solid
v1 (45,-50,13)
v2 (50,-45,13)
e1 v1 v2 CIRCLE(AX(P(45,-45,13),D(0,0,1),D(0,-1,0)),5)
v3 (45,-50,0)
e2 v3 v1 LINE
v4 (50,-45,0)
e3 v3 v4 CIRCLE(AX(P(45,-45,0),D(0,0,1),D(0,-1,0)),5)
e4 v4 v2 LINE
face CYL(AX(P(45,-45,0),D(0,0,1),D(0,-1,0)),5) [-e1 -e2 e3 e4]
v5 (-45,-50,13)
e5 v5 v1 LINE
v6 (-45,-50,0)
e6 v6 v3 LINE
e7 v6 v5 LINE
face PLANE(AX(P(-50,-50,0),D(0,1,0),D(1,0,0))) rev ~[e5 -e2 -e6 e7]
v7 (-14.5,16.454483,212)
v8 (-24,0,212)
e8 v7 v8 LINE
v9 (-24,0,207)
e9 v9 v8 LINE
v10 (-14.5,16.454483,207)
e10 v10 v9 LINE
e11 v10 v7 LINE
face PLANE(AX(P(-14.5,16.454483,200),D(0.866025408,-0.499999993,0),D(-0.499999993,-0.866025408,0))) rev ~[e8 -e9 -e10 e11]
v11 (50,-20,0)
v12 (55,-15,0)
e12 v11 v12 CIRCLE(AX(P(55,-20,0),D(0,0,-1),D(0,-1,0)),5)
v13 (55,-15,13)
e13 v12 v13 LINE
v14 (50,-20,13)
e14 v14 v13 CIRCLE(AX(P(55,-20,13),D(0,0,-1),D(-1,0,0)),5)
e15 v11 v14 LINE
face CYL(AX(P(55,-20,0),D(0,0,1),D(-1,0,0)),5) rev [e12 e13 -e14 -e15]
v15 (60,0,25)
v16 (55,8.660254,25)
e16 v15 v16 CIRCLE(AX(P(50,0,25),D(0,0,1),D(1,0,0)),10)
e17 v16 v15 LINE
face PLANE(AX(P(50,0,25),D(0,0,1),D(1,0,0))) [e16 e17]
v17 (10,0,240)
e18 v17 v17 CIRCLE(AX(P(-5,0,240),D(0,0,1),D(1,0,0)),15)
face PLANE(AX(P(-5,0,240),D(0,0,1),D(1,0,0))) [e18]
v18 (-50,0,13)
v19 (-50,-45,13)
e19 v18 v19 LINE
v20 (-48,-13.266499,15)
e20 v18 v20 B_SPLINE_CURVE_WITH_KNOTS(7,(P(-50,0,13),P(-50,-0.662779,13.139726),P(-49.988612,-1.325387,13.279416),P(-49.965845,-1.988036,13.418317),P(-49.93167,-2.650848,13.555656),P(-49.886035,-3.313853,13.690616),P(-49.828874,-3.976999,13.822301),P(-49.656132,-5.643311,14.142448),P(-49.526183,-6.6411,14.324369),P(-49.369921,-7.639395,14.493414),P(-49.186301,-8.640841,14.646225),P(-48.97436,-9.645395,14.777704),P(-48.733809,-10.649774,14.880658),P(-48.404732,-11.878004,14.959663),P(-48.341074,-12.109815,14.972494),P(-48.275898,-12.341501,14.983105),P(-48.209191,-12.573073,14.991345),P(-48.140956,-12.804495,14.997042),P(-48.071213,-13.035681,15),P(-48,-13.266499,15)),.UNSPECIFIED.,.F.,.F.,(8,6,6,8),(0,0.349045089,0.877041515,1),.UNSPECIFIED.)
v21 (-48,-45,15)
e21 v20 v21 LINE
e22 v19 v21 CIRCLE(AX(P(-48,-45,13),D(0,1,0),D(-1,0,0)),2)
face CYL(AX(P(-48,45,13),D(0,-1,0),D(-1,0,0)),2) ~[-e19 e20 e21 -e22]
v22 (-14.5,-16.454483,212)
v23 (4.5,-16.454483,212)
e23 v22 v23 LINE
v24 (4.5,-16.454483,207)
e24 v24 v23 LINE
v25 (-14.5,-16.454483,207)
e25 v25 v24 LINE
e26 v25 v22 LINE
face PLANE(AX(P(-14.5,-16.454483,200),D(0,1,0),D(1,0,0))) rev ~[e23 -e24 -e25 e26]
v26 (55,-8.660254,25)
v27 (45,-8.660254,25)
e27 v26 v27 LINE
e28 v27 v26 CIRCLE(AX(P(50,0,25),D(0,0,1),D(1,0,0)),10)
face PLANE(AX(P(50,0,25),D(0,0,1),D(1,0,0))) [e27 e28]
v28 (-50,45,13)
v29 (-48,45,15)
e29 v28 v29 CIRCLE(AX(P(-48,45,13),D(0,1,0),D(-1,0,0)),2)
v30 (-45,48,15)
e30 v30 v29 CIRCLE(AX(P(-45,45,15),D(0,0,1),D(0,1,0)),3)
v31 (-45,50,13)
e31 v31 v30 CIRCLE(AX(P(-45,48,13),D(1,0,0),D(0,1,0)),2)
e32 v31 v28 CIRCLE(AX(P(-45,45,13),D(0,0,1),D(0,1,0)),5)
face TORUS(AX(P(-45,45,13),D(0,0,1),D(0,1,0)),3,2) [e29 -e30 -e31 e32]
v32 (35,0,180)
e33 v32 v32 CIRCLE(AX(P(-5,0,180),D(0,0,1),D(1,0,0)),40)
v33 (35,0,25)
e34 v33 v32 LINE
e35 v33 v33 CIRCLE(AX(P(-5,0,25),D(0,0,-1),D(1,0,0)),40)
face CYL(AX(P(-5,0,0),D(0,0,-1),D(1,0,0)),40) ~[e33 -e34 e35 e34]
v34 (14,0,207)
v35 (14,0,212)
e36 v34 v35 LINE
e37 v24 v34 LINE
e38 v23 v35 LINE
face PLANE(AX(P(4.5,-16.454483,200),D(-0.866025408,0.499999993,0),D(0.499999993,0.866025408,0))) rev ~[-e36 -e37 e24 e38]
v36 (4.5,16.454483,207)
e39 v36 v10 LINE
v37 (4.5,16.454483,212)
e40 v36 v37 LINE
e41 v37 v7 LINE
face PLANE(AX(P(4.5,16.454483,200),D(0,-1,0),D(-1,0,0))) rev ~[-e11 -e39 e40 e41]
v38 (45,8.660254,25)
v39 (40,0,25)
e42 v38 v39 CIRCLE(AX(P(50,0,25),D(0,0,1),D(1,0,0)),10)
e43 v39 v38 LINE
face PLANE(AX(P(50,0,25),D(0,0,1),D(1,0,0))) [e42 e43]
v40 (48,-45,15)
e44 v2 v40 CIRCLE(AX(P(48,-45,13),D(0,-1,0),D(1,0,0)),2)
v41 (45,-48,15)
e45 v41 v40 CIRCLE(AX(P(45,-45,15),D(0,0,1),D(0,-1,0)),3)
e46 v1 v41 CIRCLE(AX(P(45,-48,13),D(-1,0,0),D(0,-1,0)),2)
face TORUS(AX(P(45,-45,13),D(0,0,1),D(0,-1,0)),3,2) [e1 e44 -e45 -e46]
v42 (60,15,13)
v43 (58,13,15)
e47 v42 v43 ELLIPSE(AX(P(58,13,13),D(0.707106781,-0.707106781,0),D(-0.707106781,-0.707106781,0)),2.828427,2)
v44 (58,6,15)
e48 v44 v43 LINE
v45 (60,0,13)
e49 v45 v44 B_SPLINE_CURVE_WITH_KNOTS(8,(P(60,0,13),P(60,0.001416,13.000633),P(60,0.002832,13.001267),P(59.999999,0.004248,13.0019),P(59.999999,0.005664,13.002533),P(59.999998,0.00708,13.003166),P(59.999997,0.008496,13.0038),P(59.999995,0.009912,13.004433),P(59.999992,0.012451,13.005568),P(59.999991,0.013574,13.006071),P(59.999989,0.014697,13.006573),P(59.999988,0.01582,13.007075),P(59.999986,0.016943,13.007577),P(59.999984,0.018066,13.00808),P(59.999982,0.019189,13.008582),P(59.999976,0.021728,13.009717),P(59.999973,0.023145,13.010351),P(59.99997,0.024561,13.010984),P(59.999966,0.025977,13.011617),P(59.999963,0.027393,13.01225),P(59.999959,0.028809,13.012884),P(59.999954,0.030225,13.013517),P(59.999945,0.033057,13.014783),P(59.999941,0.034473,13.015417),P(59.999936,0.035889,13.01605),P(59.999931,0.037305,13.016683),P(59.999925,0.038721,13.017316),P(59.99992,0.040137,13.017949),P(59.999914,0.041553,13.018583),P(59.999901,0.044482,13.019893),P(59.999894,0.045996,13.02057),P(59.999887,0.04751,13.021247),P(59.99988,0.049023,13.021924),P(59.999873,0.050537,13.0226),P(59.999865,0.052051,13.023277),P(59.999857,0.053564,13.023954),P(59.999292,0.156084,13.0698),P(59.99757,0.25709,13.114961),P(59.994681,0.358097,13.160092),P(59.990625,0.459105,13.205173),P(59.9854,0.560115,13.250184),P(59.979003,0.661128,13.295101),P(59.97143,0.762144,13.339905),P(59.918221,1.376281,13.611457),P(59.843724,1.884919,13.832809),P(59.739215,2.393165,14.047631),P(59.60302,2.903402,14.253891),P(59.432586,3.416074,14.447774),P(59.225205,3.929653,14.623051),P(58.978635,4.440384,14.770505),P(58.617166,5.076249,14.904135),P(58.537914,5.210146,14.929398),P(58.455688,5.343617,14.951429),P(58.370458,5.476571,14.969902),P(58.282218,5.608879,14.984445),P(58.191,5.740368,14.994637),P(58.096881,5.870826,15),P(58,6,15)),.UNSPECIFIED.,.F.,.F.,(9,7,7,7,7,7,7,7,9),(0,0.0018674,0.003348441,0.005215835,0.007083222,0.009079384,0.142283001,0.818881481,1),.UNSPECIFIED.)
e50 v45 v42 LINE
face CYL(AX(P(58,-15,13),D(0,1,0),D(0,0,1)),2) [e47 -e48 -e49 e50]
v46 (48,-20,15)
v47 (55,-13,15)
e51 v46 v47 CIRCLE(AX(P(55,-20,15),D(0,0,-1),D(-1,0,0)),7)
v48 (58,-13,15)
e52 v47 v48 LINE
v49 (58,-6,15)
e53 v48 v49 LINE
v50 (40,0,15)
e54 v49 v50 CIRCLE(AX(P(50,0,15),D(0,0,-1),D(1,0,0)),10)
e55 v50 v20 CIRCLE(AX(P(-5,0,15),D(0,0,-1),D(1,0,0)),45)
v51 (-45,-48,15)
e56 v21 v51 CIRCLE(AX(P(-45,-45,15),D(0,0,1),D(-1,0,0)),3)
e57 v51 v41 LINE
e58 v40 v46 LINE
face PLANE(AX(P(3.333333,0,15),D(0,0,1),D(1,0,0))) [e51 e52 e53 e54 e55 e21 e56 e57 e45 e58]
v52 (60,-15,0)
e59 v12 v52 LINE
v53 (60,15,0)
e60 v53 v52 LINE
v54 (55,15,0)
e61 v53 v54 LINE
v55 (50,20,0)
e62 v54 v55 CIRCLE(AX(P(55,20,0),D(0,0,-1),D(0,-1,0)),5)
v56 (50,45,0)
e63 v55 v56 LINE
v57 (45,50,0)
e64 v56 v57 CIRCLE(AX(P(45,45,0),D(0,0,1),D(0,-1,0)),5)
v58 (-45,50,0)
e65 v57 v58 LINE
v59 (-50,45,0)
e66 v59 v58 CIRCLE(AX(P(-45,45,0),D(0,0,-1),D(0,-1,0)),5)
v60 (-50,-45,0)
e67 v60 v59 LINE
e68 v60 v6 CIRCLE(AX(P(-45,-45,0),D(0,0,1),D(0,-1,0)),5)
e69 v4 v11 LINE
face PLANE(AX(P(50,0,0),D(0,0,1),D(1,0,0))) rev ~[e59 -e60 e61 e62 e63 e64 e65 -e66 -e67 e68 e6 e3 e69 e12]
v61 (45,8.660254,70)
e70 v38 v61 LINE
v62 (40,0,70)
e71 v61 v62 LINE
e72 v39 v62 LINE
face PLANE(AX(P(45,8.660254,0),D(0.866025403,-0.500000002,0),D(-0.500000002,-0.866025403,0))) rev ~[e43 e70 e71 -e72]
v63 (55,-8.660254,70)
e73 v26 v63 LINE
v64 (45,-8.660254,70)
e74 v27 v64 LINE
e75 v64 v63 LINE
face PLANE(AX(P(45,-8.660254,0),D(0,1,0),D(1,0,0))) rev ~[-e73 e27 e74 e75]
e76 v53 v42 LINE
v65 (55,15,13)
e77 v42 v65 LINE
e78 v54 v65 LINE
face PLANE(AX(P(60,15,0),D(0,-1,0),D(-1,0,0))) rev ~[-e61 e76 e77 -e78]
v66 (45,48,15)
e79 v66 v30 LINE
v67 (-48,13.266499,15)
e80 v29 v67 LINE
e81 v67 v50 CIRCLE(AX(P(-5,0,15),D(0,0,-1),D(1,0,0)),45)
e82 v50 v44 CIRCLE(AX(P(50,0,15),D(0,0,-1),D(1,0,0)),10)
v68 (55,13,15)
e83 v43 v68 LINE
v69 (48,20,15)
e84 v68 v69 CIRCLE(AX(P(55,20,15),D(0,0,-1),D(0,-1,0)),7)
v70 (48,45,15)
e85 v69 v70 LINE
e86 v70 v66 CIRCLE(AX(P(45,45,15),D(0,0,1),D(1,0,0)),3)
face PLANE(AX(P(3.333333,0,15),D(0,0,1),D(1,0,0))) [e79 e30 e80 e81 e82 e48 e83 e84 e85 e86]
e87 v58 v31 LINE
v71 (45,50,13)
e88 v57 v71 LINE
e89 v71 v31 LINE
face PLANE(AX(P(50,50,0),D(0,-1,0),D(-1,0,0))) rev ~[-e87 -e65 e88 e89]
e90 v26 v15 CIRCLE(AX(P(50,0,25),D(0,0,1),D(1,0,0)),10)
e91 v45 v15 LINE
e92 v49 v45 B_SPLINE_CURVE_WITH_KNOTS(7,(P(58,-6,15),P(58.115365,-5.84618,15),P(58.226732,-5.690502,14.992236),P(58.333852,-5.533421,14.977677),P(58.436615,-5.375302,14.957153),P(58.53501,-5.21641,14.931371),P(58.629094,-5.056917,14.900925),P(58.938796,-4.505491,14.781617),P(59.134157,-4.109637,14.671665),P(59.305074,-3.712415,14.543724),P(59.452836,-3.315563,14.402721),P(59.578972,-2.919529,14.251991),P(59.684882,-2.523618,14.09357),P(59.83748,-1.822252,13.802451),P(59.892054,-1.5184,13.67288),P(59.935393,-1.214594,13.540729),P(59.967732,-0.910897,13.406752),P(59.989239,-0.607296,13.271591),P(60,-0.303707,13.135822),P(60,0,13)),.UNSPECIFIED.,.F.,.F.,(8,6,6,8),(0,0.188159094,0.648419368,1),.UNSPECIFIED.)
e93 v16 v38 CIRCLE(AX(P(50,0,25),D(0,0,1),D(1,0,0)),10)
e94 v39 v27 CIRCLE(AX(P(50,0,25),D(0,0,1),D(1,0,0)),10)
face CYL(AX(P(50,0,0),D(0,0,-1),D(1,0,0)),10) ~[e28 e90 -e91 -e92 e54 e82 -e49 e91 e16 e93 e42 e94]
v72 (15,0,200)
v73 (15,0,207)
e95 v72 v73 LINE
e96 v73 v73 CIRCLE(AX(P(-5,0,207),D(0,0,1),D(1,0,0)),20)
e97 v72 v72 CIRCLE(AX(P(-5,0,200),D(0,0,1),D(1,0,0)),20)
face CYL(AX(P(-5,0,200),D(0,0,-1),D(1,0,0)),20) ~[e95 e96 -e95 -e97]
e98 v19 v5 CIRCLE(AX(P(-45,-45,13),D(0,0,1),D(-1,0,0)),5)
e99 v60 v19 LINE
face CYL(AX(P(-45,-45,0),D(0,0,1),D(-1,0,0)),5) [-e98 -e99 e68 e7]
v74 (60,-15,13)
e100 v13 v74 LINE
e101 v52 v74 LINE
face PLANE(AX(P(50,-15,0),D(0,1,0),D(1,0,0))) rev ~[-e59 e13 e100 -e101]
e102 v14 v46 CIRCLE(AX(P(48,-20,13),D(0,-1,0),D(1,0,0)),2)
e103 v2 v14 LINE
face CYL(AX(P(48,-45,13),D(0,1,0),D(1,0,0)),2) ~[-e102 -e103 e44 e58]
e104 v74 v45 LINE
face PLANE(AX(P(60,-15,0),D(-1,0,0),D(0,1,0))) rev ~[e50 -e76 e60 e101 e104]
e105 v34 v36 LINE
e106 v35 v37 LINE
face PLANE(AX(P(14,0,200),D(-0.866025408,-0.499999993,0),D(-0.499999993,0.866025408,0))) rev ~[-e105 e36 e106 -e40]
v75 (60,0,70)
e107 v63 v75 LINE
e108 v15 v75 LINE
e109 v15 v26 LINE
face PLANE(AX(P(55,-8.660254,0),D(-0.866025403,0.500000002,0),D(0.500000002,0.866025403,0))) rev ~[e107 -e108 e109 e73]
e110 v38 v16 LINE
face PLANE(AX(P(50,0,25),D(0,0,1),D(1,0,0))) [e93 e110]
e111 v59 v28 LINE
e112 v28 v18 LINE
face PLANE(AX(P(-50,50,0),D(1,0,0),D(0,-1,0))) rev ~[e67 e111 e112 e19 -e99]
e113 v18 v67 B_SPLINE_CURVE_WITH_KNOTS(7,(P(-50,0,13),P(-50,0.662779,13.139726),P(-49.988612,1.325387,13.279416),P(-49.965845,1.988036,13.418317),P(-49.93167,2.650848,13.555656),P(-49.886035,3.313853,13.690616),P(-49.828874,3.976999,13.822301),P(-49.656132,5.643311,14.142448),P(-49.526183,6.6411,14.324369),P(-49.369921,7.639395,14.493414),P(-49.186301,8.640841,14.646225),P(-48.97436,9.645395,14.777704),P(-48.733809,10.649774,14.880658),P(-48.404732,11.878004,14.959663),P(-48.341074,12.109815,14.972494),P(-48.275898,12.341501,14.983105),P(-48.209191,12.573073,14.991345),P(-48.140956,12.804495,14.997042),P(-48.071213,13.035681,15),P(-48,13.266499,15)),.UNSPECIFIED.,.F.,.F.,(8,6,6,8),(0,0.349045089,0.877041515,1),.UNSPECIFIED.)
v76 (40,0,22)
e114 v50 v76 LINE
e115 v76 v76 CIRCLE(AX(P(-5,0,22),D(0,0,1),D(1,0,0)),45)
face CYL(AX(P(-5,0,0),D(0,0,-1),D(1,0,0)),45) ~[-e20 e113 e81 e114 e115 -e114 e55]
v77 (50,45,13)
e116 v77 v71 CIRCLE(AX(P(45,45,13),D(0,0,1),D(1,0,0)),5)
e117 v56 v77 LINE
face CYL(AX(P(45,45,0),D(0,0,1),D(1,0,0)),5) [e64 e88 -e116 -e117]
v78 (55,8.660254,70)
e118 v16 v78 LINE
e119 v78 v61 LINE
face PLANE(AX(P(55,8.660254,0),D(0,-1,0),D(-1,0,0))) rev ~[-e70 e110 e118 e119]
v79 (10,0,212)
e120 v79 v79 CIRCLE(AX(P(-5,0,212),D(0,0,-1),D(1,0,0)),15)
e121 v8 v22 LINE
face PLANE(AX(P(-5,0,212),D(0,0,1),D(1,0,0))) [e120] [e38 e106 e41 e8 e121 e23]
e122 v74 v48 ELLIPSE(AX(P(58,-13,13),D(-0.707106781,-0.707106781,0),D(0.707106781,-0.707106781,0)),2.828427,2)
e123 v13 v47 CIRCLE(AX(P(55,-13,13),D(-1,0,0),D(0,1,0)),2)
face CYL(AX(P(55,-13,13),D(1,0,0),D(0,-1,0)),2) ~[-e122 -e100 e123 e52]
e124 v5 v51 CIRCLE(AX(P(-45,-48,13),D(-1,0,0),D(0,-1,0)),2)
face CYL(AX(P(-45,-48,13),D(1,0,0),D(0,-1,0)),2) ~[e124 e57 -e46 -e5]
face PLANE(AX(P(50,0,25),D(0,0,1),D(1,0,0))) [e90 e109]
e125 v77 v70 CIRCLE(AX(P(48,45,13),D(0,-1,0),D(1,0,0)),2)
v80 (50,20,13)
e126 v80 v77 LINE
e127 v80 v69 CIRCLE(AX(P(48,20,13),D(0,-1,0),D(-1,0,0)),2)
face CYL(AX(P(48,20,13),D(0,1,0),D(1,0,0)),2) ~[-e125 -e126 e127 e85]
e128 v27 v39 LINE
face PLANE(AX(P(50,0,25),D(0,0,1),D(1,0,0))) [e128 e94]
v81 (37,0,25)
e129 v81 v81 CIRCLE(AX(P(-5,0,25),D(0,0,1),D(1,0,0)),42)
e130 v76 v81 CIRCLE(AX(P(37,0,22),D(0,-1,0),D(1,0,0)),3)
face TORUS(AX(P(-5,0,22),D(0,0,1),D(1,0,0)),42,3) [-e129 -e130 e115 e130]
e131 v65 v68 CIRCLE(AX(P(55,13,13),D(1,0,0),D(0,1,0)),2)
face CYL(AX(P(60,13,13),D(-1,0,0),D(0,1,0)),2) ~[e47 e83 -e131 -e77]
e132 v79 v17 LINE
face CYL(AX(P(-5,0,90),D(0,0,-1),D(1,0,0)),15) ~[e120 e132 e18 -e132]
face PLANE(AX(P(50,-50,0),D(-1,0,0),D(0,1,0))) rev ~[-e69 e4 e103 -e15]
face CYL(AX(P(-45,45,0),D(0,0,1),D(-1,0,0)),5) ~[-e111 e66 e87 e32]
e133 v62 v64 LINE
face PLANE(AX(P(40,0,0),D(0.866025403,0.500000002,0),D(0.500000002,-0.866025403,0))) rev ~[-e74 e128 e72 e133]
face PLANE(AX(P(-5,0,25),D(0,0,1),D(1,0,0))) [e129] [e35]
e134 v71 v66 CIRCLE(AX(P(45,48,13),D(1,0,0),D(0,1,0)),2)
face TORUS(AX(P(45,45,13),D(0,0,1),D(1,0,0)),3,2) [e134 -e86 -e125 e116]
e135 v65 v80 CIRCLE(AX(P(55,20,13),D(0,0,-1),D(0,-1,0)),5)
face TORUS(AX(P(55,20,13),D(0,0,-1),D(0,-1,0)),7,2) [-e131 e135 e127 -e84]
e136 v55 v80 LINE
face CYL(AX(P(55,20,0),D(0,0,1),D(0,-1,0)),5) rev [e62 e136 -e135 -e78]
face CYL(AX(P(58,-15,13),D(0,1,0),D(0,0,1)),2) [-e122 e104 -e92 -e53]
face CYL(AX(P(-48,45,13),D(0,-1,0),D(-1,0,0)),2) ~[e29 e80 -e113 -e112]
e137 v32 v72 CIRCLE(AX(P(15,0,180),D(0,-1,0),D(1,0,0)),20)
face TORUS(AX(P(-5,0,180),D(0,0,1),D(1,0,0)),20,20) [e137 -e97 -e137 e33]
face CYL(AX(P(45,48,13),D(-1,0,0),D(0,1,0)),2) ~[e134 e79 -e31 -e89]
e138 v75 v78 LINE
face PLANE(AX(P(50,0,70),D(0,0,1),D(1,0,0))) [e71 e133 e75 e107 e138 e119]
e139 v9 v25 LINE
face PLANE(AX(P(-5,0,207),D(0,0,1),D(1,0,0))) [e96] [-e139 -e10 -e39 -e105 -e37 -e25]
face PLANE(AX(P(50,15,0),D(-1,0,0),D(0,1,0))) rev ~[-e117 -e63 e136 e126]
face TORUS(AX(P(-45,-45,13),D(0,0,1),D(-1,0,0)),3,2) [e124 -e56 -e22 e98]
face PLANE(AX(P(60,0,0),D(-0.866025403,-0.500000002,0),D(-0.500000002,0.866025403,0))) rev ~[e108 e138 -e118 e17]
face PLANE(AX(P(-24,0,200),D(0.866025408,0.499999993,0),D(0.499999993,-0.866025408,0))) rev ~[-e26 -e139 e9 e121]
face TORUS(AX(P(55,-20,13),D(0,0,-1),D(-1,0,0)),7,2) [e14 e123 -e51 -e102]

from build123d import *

# Parameters (mm, degrees)
PRISM_DEPTH       = 70
SKETCH001_R       = 10
EXTRUDE001_DEPTH  = 25
CYLINDER002_R     = 20
CYLINDER002_DEPTH = 7
PRISM001_DEPTH    = 12
CYLINDER001_R     = 45
CYLINDER001_DEPTH = 25
FILLET003_R       = 3
CYLINDER003_R     = 15
CYLINDER003_DEPTH = 150
EXTRUDE_DEPTH     = 15
FILLET_R          = 5
FILLET001_R       = 2
CYLINDER_R        = 40
CYLINDER_DEPTH    = 200
FILLET002_R       = 20


with BuildPart() as prisma:
    # Prism → Prism (new body)
    with BuildSketch(Plane(origin=(50, 0, 0), x_dir=(1, 0, 0), z_dir=(0, 0, 1))):
        Polygon((10, 0), (5, 8.660254), (-5, 8.660254), (-10, 0), (-5, -8.660254), (5, -8.660254), align=None)
    extrude(amount=PRISM_DEPTH)


with BuildPart() as fusion001:
    # Sketch001 → Extrude001 (new body)
    with BuildSketch(Plane.XY):
        with Locations((50, 0)):
            Circle(SKETCH001_R)
    extrude(amount=EXTRUDE001_DEPTH)

    # Fusion001: union Prisma
    add(prisma.part)


with BuildPart() as cilindro002:
    # Cylinder002 → Cylinder002 (new body)
    with BuildSketch(Plane(origin=(-5, 0, 200), x_dir=(1, 0, 0), z_dir=(0, 0, 1))):
        Circle(CYLINDER002_R)
    extrude(amount=CYLINDER002_DEPTH)


with BuildPart() as fusion004:
    # Prism001 → Prism001 (new body)
    with BuildSketch(Plane(origin=(-5, 0, 200), x_dir=(1, 0, 0), z_dir=(0, 0, 1))):
        Polygon((19, 0), (9.5, 16.454483), (-9.5, 16.454483), (-19, 0), (-9.5, -16.454483), (9.5, -16.454483), align=None)
    extrude(amount=PRISM001_DEPTH)

    # Fusion: union Cilindro002
    add(cilindro002.part)

    # Fusion004: union Fusion001
    add(fusion001.part)


with BuildPart() as fillet003:
    # Cylinder001 → Cylinder001 (new body)
    with BuildSketch(Plane(origin=(-5, 0, 0), x_dir=(1, 0, 0), z_dir=(0, 0, 1))):
        Circle(CYLINDER001_R)
    extrude(amount=CYLINDER001_DEPTH)

    # Fillet003
    fillet003_edges = [fillet003.edges().sort_by_distance(p)[0] for p in [
        (-50, 0, 25),
    ]]
    fillet(fillet003_edges, radius=FILLET003_R)


with BuildPart() as fusion003:
    # Cylinder003 → Cylinder003 (new body)
    with BuildSketch(Plane(origin=(-5, 0, 90), x_dir=(1, 0, 0), z_dir=(0, 0, 1))):
        Circle(CYLINDER003_R)
    extrude(amount=CYLINDER003_DEPTH)

    # Fusion003: union Fillet003
    add(fillet003.part)


with BuildPart() as fillet001:
    # Sketch → Extrude (new body)
    with BuildSketch(Plane.XY):
        Polygon((-50, 50), (-50, -50), (50, -50), (50, -15), (60, -15), (60, 15), (50, 15), (50, 50), align=None)
    extrude(amount=EXTRUDE_DEPTH)

    # Fillet
    fillet_edges = [fillet001.edges().sort_by_distance(p)[0] for p in [
        (-50, 50, 7.5),
        (-50, -50, 7.5),
        (50, -50, 7.5),
        (50, -15, 7.5),
        (50, 15, 7.5),
        (50, 50, 7.5),
    ]]
    fillet(fillet_edges, radius=FILLET_R)

    # Fillet001
    fillet001_edges = [fillet001.edges().sort_by_distance(p)[0] for p in [
        (-50, 0, 15),
        (-48.535534, 48.535534, 15),
        (-48.535534, -48.535534, 15),
        (0, 50, 15),
        (0, -50, 15),
        (48.535534, 48.535534, 15),
        (48.535534, -48.535534, 15),
        (50, 32.5, 15),
        (50, -32.5, 15),
        (51.464466, 16.464466, 15),
        (51.464466, -16.464466, 15),
        (57.5, 15, 15),
        (57.5, -15, 15),
        (60, 0, 15),
    ]]
    fillet(fillet001_edges, radius=FILLET001_R)


with BuildPart() as fusionadoto2:
    # Cylinder → Cylinder (new body)
    with BuildSketch(Plane(origin=(-5, 0, 0), x_dir=(1, 0, 0), z_dir=(0, 0, 1))):
        Circle(CYLINDER_R)
    extrude(amount=CYLINDER_DEPTH)

    # Fillet002
    fillet002_edges = [fusionadoto2.edges().sort_by_distance(p)[0] for p in [
        (-45, 0, 200),
    ]]
    fillet(fillet002_edges, radius=FILLET002_R)

    # Fusion002: union Fillet001
    add(fillet001.part)

    # Fusion005: union Fusion004, Fusion003
    add(fusion004.part)
    add(fusion003.part)


solid = fusionadoto2.part
